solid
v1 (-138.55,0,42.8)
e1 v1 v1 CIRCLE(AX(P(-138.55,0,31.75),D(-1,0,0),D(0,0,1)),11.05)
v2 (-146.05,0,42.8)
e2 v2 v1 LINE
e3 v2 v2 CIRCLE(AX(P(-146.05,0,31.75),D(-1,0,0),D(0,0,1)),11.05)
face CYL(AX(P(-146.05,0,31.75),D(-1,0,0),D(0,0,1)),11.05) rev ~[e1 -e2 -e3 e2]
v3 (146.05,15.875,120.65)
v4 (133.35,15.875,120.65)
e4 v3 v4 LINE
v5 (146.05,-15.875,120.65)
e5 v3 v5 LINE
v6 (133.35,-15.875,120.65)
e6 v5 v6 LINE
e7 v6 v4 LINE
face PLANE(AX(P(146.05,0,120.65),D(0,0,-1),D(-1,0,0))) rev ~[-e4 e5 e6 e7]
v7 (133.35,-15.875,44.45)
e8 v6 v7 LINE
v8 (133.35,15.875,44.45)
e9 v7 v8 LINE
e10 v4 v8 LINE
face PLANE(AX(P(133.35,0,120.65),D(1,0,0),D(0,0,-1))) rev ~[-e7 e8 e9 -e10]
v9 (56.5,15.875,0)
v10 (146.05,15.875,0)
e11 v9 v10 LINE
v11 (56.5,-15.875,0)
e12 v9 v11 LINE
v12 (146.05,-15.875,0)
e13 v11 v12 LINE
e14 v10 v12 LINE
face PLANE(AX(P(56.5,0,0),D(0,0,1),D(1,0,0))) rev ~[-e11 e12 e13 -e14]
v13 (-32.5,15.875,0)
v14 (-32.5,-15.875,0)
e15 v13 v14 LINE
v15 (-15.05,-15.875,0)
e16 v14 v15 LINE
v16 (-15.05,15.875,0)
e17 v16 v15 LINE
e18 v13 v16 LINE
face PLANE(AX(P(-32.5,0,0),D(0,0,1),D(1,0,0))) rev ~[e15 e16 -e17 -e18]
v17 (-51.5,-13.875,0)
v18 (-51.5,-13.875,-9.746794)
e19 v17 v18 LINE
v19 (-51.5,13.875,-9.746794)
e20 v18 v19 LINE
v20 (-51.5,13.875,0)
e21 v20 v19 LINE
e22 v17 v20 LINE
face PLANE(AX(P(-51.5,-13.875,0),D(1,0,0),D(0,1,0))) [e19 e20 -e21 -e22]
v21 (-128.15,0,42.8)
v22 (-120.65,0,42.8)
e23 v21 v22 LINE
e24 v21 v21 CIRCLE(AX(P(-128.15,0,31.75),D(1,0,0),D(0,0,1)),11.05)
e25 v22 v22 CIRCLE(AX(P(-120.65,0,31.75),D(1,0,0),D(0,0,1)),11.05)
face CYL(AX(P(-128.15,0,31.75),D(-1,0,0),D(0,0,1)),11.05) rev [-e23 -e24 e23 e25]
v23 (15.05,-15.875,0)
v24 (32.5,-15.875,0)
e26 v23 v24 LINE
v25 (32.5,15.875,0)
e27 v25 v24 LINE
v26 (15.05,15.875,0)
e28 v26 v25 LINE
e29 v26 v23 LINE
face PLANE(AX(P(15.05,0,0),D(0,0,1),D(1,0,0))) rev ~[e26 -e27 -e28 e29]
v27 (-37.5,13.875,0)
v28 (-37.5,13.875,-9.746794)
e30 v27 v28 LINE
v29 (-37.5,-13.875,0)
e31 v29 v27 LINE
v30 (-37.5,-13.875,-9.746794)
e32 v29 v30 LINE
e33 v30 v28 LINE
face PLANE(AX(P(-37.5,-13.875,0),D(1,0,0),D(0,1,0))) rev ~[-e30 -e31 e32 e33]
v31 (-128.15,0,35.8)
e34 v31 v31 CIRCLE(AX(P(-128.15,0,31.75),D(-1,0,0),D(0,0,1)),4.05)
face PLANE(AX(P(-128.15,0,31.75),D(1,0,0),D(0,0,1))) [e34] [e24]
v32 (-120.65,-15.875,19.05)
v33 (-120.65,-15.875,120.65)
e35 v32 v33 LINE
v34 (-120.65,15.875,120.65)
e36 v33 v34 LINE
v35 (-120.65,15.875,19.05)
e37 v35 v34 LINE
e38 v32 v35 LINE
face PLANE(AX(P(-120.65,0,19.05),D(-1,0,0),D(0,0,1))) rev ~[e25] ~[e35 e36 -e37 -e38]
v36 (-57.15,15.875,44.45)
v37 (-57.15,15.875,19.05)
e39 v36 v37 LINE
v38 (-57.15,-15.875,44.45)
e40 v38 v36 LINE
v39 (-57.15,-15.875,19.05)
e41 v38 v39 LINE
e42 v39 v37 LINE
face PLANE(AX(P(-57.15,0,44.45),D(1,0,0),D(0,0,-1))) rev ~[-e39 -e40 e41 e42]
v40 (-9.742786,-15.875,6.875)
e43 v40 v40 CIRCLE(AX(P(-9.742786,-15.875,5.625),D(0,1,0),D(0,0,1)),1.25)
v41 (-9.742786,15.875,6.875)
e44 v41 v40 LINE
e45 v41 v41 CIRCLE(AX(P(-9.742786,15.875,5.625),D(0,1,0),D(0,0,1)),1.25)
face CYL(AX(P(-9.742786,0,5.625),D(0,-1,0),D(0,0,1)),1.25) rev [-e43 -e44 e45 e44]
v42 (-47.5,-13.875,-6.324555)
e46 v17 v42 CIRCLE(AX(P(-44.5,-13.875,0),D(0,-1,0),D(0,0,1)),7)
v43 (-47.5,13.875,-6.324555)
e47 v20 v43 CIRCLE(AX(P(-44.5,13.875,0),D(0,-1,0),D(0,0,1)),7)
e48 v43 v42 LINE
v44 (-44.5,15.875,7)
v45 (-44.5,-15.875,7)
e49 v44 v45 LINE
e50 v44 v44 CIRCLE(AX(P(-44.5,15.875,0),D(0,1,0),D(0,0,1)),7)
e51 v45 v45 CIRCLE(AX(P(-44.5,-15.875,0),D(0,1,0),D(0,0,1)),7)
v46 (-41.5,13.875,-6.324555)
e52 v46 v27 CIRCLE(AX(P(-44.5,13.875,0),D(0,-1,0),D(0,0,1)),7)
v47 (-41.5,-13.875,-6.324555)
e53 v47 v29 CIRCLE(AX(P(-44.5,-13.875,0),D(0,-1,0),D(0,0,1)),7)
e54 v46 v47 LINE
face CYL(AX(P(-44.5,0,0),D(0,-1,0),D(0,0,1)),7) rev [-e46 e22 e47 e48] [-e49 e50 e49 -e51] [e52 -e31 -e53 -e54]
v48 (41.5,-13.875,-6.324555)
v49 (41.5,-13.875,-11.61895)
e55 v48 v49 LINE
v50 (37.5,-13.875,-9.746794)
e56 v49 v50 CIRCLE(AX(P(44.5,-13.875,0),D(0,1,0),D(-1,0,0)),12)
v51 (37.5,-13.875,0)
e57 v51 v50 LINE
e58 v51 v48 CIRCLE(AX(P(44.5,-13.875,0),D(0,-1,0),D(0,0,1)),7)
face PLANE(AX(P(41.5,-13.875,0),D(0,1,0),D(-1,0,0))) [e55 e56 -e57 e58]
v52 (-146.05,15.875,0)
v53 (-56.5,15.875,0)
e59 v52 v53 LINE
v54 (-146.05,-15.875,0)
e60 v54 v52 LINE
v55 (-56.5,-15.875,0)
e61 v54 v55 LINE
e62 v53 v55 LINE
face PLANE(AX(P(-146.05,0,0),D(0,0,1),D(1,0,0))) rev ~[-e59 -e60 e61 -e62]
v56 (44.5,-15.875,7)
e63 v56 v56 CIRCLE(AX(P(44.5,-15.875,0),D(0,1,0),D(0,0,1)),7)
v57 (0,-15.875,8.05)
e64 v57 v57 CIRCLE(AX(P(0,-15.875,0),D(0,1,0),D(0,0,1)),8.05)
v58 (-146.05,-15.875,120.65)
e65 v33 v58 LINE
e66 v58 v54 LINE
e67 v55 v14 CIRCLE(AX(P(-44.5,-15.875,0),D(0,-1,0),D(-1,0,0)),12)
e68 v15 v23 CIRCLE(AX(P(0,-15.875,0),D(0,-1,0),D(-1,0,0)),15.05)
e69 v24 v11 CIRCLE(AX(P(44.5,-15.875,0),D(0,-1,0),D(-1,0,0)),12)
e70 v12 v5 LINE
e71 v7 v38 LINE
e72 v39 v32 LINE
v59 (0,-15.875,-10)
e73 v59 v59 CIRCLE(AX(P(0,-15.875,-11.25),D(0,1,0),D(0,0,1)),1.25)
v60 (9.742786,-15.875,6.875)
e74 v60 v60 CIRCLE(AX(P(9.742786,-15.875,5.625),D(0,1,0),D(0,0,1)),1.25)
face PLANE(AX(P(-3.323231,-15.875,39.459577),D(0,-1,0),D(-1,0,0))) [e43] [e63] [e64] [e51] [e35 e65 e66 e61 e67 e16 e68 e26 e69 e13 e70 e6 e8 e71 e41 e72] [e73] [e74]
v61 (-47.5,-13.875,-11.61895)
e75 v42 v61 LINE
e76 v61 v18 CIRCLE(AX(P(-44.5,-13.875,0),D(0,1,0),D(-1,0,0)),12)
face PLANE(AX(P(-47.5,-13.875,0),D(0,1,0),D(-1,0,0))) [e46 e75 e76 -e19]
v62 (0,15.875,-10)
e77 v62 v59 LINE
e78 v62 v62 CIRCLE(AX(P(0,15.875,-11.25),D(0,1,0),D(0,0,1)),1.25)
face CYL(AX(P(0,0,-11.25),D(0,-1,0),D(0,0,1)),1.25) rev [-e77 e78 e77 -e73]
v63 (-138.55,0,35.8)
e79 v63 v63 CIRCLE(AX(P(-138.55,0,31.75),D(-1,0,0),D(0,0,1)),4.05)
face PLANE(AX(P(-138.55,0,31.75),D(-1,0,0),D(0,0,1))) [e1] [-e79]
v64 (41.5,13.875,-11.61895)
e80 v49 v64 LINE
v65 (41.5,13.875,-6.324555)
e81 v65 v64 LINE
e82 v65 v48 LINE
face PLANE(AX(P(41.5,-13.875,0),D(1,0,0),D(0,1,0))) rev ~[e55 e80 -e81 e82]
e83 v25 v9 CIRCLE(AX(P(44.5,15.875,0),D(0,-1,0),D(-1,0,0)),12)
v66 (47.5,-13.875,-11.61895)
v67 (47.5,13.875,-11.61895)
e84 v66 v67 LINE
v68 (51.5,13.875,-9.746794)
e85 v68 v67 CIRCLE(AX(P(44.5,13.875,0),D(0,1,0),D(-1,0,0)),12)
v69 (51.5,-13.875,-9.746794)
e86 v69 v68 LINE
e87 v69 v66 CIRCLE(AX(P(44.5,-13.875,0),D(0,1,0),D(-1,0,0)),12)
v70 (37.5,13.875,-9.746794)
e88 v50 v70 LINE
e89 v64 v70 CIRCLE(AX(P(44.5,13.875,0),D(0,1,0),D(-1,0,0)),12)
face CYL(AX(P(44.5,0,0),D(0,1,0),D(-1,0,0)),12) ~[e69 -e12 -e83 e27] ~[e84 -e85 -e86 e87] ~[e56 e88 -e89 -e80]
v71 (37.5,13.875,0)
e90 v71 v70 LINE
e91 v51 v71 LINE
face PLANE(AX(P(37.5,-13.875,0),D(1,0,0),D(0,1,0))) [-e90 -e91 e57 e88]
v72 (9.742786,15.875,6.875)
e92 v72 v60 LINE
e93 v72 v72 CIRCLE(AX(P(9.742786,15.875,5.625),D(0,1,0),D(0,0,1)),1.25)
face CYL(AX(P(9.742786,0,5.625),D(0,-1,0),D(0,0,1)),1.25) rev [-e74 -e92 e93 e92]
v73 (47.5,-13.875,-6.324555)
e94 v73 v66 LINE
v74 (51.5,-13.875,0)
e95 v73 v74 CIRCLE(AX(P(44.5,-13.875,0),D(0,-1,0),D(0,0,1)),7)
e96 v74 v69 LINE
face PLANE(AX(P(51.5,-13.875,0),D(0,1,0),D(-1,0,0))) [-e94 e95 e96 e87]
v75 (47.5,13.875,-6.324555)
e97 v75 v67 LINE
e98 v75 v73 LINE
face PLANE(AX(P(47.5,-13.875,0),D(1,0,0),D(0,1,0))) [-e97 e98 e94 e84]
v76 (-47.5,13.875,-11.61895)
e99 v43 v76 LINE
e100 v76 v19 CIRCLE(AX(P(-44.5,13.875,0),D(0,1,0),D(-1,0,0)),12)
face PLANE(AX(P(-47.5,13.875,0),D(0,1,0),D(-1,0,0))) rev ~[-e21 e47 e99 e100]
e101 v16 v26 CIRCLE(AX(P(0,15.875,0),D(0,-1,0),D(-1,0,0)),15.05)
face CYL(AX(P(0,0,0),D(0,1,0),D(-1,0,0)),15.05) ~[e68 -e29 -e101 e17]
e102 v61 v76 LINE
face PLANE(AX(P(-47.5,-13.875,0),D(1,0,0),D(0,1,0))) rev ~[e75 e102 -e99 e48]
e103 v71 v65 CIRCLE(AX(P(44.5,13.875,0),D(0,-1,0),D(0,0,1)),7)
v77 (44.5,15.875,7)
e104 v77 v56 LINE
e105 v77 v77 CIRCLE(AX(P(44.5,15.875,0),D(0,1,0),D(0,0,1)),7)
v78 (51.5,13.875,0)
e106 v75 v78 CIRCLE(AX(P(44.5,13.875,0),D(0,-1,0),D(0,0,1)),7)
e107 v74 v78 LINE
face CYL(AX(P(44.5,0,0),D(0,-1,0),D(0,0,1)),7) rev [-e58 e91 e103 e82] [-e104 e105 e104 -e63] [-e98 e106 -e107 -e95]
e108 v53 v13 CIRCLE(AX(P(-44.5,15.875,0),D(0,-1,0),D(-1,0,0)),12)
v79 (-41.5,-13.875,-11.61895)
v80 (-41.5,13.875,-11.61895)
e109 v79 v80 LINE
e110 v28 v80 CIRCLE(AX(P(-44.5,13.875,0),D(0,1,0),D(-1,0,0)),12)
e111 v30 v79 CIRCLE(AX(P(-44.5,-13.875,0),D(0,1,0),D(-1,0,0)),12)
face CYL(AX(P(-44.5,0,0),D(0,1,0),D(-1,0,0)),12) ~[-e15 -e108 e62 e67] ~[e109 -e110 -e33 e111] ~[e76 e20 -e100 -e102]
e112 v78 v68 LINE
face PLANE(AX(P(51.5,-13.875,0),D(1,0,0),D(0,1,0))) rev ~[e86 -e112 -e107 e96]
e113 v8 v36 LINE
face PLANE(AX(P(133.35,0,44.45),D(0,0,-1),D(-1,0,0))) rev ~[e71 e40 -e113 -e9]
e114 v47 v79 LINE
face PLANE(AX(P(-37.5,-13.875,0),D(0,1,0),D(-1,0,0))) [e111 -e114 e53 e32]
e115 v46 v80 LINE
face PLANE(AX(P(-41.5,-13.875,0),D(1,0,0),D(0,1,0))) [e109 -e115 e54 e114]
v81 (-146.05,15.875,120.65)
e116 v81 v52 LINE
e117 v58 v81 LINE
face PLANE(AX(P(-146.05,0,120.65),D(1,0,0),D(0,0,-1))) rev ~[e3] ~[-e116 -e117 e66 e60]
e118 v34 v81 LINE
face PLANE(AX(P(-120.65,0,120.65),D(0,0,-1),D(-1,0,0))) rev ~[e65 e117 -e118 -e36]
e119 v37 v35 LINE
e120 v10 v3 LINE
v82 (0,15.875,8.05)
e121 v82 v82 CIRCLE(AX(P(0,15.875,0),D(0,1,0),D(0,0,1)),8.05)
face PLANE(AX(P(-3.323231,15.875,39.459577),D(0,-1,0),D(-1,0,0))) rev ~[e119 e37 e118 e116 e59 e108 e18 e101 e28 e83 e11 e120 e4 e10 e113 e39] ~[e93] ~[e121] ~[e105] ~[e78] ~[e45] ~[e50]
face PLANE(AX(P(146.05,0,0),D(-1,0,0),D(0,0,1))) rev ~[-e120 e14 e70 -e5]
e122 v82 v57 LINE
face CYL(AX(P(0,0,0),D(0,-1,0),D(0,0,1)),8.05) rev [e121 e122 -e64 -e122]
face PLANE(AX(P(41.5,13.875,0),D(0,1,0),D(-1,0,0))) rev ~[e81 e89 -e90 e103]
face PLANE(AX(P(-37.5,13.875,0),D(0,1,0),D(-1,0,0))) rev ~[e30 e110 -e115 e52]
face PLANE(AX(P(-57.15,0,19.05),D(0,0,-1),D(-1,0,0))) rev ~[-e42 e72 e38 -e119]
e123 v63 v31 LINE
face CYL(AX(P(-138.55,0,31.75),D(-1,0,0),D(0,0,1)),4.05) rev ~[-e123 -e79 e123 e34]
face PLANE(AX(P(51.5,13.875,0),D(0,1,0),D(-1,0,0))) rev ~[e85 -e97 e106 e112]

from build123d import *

# Parameters (mm, degrees)
SKETCH1_R           = 8.05
SKETCH1_R_2         = 7
SKETCH1_R_3         = 1.25
BOSS_EXTRUDE1_DEPTH = 15.875
SKETCH2_R           = 11.05
CUT_EXTRUDE1_DEPTH  = 7.5
CUT_EXTRUDE3_START  = -7.5
SKETCH3_R           = 11.05
CUT_EXTRUDE3_DEPTH  = 7.5
SKETCH4_R           = 4.05
CUT_EXTRUDE4_DEPTH  = 10.4
SKETCH5_W           = 4
SKETCH5_H           = 27.75
CUT_EXTRUDE5_DEPTH  = 191.102710725


with BuildPart() as part:
    # Sketch1 → Boss-Extrude1 (new, symmetric)
    with BuildSketch(Plane(origin=(0, 0, 0), x_dir=(1, 0, 0), z_dir=(0, 1, 0))):
        with BuildLine():
            Line((-146.05, 0), (-56.5, 0))
            ThreePointArc((-56.5, 0), (-44.5, 12), (-32.5, 0))
            Line((-32.5, 0), (-15.05, 0))
            ThreePointArc((-15.05, 0), (0, 15.05), (15.05, 0))
            Line((15.05, 0), (32.5, 0))
            ThreePointArc((32.5, 0), (44.5, 12), (56.5, 0))
            Line((56.5, 0), (146.05, 0))
            Line((146.05, 0), (146.05, -120.65))
            Line((146.05, -120.65), (133.35, -120.65))
            Line((133.35, -120.65), (133.35, -44.45))
            Line((133.35, -44.45), (-57.15, -44.45))
            Line((-57.15, -44.45), (-57.15, -19.05))
            Line((-57.15, -19.05), (-120.65, -19.05))
            Line((-120.65, -19.05), (-120.65, -120.65))
            Line((-120.65, -120.65), (-146.05, -120.65))
            Line((-146.05, -120.65), (-146.05, 0))
        make_face()
        with Locations(Location((0, 0, 0), (0, 0, 270))):
            Circle(SKETCH1_R, mode=Mode.SUBTRACT)
        with Locations(Location((-44.5, 0, 0), (0, 0, 270))):
            Circle(SKETCH1_R_2, mode=Mode.SUBTRACT)
        with Locations(Location((44.5, 0, 0), (0, 0, 270))):
            Circle(SKETCH1_R_2, mode=Mode.SUBTRACT)
        with Locations(Location((0, 11.25, 0), (0, 0, 270))):
            Circle(SKETCH1_R_3, mode=Mode.SUBTRACT)
        with Locations(Location((9.742785793, -5.625, 0), (0, 0, 270))):
            Circle(SKETCH1_R_3, mode=Mode.SUBTRACT)
        with Locations(Location((-9.742785793, -5.625, 0), (0, 0, 270))):
            Circle(SKETCH1_R_3, mode=Mode.SUBTRACT)
    extrude(amount=BOSS_EXTRUDE1_DEPTH, both=True)

    # Sketch2 → Cut-Extrude1 (cut)
    with BuildSketch(Plane.ZY.offset(146.05)):
        with Locations((31.75, 0)):
            Circle(SKETCH2_R)
    extrude(amount=-CUT_EXTRUDE1_DEPTH, mode=Mode.SUBTRACT)

    # Sketch3 → Cut-Extrude3 (cut)
    with BuildSketch(Plane(origin=(-120.65, 0, 0), x_dir=(0, 0, -1), z_dir=(1, 0, 0)).offset(CUT_EXTRUDE3_START)):
        with Locations(Location((-31.75, 0, 0), (0, 0, 180))):
            Circle(SKETCH3_R)
    extrude(amount=CUT_EXTRUDE3_DEPTH, mode=Mode.SUBTRACT)

    # Sketch4 → Cut-Extrude4 (cut)
    with BuildSketch(Plane.ZY.offset(138.55)):
        with Locations((31.75, 0)):
            Circle(SKETCH4_R)
    extrude(amount=-CUT_EXTRUDE4_DEPTH, mode=Mode.SUBTRACT)

    # Sketch5 → Cut-Extrude5 (cut, through all)
    with BuildSketch(Plane(origin=(0, 0, 0), x_dir=(-1, 0, 0), z_dir=(0, 0, -1))):
        with Locations((-49.5, 0)):
            Rectangle(SKETCH5_W, SKETCH5_H)
        with Locations((-39.5, 0)):
            Rectangle(SKETCH5_W, SKETCH5_H)
        with Locations((49.5, 0)):
            Rectangle(SKETCH5_W, SKETCH5_H)
        with Locations((39.5, 0)):
            Rectangle(SKETCH5_W, SKETCH5_H)
    extrude(amount=CUT_EXTRUDE5_DEPTH, mode=Mode.SUBTRACT)


solid = part.part
